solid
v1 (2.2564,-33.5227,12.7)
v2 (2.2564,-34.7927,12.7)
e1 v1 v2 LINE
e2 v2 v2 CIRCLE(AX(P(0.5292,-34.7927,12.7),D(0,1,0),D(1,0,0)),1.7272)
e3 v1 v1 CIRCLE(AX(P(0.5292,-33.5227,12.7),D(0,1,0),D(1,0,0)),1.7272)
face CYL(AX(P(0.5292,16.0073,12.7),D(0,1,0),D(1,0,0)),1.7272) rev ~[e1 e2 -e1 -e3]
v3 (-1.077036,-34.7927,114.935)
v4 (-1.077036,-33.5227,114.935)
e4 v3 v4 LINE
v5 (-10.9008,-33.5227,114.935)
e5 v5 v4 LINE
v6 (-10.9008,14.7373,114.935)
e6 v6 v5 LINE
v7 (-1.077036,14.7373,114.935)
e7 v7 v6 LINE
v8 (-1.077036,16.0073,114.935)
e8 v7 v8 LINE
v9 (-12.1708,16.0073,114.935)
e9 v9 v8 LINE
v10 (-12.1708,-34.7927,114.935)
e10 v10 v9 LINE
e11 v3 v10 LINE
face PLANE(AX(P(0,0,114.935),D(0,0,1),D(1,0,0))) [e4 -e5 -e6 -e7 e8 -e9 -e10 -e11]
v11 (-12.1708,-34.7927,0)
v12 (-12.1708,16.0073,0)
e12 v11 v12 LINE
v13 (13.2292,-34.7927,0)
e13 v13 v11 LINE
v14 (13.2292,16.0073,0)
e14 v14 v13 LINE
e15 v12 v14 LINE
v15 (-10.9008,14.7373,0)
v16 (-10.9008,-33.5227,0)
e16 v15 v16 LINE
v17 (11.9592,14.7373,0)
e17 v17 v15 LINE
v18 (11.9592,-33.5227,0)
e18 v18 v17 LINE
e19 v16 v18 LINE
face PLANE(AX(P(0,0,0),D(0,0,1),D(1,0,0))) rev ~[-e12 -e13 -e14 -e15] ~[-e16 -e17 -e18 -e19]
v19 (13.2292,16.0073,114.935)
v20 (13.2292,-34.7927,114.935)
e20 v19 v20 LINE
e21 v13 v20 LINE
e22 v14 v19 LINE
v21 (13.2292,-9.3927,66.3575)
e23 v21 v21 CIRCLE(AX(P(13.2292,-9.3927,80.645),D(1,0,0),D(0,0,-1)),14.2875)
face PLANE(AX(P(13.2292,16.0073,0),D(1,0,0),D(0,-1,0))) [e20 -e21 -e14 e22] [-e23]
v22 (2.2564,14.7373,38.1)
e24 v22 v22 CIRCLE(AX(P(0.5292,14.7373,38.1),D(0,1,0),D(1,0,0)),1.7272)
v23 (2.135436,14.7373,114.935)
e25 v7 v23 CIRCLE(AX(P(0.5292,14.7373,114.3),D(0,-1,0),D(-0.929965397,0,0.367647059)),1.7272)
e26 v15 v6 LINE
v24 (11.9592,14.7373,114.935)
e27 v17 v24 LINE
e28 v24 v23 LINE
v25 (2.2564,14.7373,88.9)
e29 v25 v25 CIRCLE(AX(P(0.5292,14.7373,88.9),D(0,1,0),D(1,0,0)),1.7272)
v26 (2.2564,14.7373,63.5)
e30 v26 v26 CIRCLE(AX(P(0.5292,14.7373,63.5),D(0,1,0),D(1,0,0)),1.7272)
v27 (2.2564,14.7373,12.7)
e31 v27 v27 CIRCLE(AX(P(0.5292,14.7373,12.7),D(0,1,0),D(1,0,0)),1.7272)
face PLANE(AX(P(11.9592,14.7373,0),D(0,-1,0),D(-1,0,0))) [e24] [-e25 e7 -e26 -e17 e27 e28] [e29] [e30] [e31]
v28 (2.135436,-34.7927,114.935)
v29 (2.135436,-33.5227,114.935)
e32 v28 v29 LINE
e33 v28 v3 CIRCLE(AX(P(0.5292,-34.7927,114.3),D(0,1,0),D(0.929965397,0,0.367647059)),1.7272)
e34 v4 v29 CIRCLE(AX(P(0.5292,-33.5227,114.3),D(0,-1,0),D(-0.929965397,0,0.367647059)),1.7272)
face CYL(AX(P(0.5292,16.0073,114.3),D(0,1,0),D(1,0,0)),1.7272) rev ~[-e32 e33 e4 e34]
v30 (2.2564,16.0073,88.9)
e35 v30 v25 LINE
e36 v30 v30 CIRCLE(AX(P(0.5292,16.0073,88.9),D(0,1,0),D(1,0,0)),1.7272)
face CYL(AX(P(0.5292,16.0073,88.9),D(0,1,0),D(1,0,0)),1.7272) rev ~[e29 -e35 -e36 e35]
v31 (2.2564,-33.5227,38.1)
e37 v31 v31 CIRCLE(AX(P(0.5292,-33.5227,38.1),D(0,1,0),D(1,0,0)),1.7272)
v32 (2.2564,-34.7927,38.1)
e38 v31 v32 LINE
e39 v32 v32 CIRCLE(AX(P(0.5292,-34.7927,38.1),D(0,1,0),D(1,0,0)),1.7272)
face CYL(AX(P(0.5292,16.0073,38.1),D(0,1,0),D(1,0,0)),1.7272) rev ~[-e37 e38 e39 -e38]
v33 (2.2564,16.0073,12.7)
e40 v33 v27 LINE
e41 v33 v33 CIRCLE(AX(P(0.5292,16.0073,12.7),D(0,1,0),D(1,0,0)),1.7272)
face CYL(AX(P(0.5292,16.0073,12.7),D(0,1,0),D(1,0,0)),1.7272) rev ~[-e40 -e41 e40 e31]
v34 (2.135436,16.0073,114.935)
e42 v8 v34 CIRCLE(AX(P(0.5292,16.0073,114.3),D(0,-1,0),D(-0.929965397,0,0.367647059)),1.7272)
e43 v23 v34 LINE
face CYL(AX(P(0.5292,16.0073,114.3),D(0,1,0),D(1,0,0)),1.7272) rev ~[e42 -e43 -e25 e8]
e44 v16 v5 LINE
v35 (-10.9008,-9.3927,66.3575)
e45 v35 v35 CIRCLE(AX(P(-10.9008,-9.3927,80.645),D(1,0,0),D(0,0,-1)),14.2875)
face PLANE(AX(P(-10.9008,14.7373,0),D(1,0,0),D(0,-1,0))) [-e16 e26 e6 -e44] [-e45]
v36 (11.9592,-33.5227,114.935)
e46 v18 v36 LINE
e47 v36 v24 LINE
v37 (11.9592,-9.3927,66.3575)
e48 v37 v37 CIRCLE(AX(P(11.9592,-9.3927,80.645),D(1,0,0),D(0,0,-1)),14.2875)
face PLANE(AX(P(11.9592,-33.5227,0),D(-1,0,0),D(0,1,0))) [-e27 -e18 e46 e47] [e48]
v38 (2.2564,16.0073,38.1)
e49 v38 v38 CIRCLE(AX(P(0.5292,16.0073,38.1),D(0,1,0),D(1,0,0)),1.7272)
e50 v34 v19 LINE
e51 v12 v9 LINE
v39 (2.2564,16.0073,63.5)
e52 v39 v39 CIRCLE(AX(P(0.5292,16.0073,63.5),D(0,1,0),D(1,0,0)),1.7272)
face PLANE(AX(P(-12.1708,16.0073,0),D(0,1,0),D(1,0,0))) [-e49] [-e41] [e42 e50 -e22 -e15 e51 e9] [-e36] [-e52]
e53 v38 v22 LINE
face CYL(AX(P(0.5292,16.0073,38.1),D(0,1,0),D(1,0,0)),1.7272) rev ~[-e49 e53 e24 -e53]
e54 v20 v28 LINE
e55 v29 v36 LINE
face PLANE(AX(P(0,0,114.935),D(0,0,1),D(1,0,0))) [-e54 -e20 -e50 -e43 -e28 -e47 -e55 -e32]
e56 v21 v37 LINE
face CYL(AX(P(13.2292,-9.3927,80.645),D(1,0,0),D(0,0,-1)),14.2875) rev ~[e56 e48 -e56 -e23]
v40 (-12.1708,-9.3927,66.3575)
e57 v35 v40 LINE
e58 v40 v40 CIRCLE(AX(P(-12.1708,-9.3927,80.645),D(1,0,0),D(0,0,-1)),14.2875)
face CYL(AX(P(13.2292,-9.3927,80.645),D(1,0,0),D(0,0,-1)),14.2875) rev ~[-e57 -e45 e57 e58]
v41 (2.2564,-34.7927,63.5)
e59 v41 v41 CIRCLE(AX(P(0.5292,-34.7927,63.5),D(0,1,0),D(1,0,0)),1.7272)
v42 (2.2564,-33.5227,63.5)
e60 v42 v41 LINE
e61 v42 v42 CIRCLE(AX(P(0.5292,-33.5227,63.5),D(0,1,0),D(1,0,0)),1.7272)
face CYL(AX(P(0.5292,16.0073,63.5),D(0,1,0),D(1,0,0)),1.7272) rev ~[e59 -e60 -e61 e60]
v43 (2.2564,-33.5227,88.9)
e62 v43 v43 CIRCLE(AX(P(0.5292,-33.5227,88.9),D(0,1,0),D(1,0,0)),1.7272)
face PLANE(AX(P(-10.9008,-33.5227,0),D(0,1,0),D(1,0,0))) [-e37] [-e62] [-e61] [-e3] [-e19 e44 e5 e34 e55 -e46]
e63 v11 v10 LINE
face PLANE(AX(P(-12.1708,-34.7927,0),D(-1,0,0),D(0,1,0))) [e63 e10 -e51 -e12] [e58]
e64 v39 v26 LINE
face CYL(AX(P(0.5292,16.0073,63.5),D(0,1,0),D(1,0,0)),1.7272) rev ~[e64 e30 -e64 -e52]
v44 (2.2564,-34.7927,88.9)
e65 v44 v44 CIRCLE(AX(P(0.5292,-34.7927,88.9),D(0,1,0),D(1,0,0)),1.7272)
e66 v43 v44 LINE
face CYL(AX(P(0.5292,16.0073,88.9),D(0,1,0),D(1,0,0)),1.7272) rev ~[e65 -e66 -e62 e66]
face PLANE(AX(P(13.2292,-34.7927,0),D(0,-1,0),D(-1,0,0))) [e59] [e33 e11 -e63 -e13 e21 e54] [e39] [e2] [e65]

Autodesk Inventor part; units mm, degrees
ref_plane "YZ Plane" through (0, 0, 0) normal (1, 0, 0) x (0, 1, 0)
ref_plane "XZ Plane" through (0, 0, 0) normal (0, 1, 0) x (-1, 0, 0)
ref_plane "XY Plane" through (0, 0, 0) normal (0, 0, 1) x (1, 0, 0)
sketch "Sketch1" plane through (0, 0, 0) normal (0, 0, 1) x (1, 0, 0)
  line L0 (-12.1708, 16.0073) -> (13.2292, 16.0073)
  line L1 (13.2292, 16.0073) -> (13.2292, -34.7927)
  line L2 (13.2292, -34.7927) -> (-12.1708, -34.7927)
  line L3 (-12.1708, -34.7927) -> (-12.1708, 16.0073)
  line L4 (11.9592, 14.7373) -> (-10.9008, 14.7373)
  line L5 (-10.9008, 14.7373) -> (-10.9008, -33.5227)
  line L6 (-10.9008, -33.5227) -> (11.9592, -33.5227)
  line L7 (11.9592, -33.5227) -> (11.9592, 14.7373)
  point P0 (0, 0)
  dimension "d0" = 25.4
  dimension "d1" = 50.8
  dimension "d2" = 1.27
extrude "Extrusion1" add sketch "Sketch1" along normal blind 114.935
sketch "Sketch2" plane through (-12.1708, 16.0073, 0) normal (0, 1, 0) x (1, 0, 0)
  circle A0 centre (12.7, -12.7) radius 1.7272
  line L0 (25.4, 0) -> (0, 0) projected
  line L1 (0, 0) -> (0, -114.935) projected
  point P0 (12.1708, 0)
  dimension "d5" = 3.4544
  dimension "d6" = 12.7
  dimension "d7" = 12.7
extrude "Extrusion2" cut sketch "Sketch2" against normal through all
pattern_linear "Rectangular Pattern1" count 11 spacing 25.4 along (0, 0, 1) of "Extrusion2"
sketch "Sketch3" plane through (13.2292, -34.7927, 0) normal (1, 0, 0) x (0, 0, -1)
  circle A0 centre (-80.645, 25.4) radius 14.2875
  line L0 (0, 0) -> (0, 50.8) projected
  line L1 (-114.935, 0) -> (-114.935, 50.8) projected
  point P0 (0, 34.7927)
  dimension "d15" = 28.575
  dimension "d20" = 80.645
extrude "Extrusion3" cut sketch "Sketch3" against normal through all
equation "\"d3\" = d13"
equation "\"d10\" = d14"
equation "\"d13\" = 114.935"
equation "\"d14\" = d13"
properties part number "VerseFrame 5in STOCK"
